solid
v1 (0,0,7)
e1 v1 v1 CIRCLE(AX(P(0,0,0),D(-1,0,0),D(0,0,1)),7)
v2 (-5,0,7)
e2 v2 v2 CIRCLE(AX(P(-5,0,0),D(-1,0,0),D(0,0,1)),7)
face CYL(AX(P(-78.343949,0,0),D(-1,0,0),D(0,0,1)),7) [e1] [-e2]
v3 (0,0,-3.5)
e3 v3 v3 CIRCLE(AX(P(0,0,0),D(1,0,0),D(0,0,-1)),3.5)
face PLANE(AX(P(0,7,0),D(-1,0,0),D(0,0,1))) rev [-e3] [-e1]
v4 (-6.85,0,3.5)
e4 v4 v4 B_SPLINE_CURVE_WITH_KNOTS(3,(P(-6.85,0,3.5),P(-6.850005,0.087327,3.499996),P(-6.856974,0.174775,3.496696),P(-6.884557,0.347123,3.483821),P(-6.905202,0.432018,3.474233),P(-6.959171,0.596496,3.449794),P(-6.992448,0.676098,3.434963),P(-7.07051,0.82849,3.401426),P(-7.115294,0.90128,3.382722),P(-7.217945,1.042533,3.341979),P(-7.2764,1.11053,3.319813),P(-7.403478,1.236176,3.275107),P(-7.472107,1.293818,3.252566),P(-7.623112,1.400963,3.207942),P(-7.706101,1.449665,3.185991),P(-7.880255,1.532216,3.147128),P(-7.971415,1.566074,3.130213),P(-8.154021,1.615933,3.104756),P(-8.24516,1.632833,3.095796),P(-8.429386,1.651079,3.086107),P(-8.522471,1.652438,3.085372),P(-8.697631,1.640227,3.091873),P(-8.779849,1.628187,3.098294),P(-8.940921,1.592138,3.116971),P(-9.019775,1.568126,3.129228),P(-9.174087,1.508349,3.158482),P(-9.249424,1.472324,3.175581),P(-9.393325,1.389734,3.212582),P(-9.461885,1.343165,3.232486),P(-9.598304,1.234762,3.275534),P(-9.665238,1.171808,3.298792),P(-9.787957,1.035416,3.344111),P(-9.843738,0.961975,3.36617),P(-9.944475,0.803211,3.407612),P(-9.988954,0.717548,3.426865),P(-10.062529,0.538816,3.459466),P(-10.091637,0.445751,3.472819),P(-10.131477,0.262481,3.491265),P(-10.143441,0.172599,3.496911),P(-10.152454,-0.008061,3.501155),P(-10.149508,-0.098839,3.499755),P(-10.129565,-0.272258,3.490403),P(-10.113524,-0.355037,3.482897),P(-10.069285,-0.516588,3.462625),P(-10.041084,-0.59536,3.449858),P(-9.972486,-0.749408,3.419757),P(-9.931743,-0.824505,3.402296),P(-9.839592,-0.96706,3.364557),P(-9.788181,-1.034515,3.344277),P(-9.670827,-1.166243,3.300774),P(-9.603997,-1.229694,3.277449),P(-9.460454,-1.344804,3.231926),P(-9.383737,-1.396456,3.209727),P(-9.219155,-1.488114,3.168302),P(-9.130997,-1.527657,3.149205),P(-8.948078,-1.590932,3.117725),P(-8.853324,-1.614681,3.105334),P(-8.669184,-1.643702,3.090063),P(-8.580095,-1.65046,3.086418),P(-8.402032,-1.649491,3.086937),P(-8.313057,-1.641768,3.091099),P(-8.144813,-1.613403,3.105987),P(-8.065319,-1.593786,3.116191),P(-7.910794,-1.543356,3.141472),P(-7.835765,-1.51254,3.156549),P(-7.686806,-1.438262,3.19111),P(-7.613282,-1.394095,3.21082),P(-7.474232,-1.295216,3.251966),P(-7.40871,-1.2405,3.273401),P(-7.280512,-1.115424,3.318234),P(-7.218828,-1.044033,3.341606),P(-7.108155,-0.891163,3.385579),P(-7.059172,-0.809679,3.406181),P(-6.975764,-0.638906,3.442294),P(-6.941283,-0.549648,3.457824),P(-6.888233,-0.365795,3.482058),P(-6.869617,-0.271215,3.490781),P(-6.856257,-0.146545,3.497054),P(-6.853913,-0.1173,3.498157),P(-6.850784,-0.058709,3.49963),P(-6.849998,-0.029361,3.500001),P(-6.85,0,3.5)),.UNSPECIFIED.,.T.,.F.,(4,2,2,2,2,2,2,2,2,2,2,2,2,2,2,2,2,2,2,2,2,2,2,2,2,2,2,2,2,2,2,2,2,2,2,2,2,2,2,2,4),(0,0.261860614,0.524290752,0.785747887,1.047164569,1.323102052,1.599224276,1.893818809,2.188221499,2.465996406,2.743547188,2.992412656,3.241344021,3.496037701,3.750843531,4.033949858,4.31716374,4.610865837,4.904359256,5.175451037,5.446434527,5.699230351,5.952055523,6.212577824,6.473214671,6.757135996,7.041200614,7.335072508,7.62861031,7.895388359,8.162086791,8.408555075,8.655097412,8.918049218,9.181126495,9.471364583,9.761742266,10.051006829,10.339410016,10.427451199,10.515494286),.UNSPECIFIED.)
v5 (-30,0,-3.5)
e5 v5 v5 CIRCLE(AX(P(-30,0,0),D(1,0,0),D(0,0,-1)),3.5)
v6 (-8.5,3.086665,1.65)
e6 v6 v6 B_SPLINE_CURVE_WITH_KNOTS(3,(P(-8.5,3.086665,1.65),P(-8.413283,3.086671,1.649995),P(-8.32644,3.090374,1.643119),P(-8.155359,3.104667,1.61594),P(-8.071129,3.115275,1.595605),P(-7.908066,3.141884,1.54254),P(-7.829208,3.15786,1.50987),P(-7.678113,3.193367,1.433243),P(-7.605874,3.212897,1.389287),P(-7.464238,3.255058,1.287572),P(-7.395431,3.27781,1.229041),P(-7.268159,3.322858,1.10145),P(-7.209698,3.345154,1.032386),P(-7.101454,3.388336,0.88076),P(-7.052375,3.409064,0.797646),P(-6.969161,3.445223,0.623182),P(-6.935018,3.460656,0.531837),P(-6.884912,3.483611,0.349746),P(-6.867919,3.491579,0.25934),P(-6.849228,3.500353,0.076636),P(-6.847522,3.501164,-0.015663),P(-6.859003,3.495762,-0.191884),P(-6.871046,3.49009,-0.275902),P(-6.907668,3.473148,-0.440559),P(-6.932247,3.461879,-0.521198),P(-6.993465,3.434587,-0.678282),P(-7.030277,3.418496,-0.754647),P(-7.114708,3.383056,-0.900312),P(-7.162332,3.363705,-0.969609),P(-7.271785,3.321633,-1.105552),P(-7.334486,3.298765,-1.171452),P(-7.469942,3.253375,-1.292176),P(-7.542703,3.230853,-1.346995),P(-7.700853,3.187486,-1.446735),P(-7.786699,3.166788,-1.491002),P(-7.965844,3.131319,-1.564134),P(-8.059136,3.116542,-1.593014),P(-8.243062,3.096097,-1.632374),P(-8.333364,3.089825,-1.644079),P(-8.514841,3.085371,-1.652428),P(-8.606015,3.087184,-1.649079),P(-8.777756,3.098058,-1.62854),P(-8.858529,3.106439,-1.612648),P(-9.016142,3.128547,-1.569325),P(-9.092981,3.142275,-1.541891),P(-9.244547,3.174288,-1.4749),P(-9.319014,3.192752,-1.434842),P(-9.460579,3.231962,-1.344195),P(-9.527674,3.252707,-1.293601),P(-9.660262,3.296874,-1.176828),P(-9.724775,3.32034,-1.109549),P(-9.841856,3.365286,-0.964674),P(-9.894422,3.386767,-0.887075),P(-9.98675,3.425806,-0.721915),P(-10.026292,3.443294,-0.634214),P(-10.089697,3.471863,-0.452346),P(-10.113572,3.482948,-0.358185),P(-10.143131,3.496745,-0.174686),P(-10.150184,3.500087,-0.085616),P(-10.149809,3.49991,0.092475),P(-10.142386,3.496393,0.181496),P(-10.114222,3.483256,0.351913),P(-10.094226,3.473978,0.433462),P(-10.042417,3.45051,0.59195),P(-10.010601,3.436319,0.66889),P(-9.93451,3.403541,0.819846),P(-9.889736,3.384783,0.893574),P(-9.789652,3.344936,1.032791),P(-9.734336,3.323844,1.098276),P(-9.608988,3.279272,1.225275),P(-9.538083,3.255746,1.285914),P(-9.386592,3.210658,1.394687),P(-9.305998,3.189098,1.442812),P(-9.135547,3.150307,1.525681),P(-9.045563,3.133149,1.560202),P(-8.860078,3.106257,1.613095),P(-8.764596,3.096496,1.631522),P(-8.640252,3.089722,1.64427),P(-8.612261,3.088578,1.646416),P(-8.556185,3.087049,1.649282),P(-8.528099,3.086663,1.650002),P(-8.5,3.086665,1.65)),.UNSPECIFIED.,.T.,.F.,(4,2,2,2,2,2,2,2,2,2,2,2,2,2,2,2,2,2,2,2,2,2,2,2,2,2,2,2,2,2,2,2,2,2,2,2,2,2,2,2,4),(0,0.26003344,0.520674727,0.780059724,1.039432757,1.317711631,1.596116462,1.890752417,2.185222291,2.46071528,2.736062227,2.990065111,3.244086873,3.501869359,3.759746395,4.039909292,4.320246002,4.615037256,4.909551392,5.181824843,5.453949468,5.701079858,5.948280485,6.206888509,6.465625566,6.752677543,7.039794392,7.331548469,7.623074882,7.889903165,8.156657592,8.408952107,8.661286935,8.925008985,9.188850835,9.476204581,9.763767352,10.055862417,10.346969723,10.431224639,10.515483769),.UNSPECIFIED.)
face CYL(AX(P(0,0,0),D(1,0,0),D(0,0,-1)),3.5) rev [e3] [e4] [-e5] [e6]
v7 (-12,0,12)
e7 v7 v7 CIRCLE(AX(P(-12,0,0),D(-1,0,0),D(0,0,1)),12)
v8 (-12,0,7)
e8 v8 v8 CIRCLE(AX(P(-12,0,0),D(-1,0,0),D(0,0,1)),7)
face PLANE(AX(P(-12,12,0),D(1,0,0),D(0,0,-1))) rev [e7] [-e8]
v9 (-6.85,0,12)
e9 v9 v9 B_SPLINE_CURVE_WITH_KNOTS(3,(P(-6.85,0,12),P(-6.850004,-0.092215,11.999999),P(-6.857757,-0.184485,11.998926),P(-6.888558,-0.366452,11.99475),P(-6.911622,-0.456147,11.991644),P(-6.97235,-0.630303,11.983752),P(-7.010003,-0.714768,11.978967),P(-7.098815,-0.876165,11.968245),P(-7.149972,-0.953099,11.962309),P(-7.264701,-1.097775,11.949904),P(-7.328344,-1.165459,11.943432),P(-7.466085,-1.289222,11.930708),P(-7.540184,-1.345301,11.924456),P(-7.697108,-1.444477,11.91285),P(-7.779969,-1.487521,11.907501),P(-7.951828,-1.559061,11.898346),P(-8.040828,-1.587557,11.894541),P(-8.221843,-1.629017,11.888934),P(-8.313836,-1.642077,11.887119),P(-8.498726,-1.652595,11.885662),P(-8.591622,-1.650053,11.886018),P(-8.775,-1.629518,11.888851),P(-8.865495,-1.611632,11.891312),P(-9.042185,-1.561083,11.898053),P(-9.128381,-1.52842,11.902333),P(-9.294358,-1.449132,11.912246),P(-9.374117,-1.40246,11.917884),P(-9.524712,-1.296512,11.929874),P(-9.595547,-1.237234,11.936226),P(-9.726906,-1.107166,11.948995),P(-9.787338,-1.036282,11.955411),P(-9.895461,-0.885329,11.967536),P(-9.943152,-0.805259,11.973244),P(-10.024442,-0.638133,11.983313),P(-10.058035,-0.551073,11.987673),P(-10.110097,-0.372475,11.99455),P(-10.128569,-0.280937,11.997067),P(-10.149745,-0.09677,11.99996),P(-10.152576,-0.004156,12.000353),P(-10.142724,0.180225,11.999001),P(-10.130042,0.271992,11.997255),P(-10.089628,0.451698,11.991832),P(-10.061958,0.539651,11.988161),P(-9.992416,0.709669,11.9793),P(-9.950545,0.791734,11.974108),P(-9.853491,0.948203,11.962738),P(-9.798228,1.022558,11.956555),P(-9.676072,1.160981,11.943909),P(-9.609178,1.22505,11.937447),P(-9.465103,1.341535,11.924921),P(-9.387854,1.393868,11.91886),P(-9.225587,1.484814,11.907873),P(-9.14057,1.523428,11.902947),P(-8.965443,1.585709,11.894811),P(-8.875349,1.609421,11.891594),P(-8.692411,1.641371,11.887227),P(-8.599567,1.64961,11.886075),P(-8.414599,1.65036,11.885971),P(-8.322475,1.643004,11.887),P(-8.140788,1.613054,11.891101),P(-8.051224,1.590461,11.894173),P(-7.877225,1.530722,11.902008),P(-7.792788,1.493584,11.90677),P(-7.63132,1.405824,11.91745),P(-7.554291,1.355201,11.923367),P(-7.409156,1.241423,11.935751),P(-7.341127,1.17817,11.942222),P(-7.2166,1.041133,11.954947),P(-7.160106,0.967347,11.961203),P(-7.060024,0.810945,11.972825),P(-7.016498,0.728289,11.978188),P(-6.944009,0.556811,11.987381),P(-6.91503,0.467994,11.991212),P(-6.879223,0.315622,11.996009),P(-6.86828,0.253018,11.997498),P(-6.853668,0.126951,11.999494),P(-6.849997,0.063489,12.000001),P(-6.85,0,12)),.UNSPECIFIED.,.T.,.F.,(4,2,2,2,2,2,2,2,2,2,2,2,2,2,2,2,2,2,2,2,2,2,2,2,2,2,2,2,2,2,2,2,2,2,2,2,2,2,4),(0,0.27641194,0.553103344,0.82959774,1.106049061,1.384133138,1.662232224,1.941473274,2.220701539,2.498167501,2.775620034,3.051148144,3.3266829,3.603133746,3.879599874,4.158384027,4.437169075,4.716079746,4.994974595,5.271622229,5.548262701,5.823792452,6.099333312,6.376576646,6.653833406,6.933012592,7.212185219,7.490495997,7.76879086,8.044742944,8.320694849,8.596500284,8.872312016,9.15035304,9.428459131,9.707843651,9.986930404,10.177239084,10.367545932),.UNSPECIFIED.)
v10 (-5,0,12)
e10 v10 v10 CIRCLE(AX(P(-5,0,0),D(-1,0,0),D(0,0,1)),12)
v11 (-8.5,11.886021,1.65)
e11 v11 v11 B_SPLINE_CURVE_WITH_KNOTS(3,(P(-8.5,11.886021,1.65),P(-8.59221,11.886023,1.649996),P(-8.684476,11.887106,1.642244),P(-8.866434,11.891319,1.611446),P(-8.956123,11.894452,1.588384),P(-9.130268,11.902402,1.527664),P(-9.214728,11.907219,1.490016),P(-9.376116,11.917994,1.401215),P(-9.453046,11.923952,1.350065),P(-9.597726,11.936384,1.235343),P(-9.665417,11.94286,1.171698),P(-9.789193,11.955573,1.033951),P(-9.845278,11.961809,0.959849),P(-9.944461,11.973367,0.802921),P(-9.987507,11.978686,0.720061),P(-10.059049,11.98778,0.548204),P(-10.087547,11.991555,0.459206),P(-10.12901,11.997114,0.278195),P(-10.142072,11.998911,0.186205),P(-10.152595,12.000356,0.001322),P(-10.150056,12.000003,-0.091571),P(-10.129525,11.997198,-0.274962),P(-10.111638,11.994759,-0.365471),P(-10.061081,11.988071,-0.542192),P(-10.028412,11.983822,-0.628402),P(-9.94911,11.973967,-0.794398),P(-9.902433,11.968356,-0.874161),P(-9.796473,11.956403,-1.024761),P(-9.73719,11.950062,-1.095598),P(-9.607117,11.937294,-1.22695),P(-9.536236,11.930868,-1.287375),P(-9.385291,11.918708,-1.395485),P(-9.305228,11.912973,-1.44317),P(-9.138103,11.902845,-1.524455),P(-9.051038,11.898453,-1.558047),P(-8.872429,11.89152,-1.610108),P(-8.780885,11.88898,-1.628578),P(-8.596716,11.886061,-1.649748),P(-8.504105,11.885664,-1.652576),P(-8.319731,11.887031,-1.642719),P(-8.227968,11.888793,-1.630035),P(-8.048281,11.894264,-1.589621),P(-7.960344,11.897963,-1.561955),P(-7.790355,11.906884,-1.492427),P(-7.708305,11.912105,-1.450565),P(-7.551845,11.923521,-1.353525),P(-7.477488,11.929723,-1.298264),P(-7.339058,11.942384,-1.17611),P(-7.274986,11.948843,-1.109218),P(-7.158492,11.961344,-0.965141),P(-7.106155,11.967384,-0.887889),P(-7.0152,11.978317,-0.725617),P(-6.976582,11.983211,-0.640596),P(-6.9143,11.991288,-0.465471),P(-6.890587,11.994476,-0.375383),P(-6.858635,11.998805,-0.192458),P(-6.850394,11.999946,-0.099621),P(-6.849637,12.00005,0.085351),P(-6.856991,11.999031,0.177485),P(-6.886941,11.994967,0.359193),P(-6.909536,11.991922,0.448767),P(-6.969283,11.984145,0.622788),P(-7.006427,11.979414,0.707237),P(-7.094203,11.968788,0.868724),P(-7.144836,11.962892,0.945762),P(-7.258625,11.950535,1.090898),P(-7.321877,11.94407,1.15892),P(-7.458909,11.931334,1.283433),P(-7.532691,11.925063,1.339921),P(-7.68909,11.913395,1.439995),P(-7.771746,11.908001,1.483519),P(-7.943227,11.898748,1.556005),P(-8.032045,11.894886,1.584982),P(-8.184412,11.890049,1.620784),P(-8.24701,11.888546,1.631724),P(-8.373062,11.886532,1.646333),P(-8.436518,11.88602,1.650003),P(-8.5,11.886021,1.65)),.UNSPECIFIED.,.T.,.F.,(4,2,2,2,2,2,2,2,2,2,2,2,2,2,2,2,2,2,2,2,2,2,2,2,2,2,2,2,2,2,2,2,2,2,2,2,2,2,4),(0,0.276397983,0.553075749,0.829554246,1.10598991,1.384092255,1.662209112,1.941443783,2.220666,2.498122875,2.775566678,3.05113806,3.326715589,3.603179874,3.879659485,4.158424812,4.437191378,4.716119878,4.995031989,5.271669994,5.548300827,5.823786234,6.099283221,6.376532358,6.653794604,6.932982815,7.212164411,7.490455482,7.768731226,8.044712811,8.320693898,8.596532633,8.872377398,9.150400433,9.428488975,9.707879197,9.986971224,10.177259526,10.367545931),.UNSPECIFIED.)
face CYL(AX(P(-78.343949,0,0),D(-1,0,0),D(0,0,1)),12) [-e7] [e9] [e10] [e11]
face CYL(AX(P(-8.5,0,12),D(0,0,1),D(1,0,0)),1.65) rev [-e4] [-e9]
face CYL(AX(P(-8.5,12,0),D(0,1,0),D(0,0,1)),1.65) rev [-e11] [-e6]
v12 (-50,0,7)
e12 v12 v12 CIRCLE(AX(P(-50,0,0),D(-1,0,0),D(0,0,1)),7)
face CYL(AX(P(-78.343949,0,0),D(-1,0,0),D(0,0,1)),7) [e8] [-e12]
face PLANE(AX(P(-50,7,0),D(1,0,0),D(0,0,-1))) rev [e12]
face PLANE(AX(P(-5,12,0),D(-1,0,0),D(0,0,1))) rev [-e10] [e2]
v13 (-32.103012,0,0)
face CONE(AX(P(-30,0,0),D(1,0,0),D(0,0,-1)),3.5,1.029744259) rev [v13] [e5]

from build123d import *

# Parameters (mm, degrees)
TROU_TARAUD_M8X1_01_D     = 7
TROU_TARAUD_M8X1_01_DEPTH = 30
TROU_TARAUD_M8X1_01_TIP   = 2.103012167
TROU_TARAUD_M41_REACH     = 58.745
TROU_TARAUD_M41_BORE_R    = 1.65
TROU_TARAUD_M42_REACH     = 58.745
TROU_TARAUD_M42_BORE_R    = 1.65


with BuildPart() as part:
    # Sketch1 → Revolve1 (revolve)
    with BuildSketch(Plane.XY, mode=Mode.PRIVATE) as revolve1_sk:
        Polygon((-5, 12), (-5, 7), (0, 7), (0, 0), (-50, 0), (-50, 7), (-12, 7), (-12, 12), align=None)
    revolve(revolve1_sk.sketch.rotate(Axis((-78.343949045, 0, 0), (1, 0, 0)), 90), axis=Axis((-78.343949045, 0, 0), (1, 0, 0)))

    # Trou taraudé M8x1.01
    with Locations(Plane(origin=(0, 0, 0), x_dir=(0, 0, -1), z_dir=(1, 0, 0))):
        with Locations((0, 0)):
            Hole(TROU_TARAUD_M8X1_01_D / 2, depth=TROU_TARAUD_M8X1_01_DEPTH)
            with Locations((0, 0, -(TROU_TARAUD_M8X1_01_DEPTH + TROU_TARAUD_M8X1_01_TIP / 2))):  # 118° drill point
                Cone(0, TROU_TARAUD_M8X1_01_D / 2, TROU_TARAUD_M8X1_01_TIP, mode=Mode.SUBTRACT)

    # Trou taraudé M41 bore → Trou taraudé M41 (cut, up to next)
    with BuildSketch(Plane.XY.offset(12), mode=Mode.PRIVATE) as trou_taraud_m41_sk1:
        with Locations((-8.5, 0)):
            Circle(TROU_TARAUD_M41_BORE_R)
    trou_taraud_m41_tool1 = extrude(trou_taraud_m41_sk1.sketch, amount=-TROU_TARAUD_M41_REACH, mode=Mode.PRIVATE) & part.part
    add(trou_taraud_m41_tool1.solids().sort_by_distance((-8.5, 0, 12))[0], mode=Mode.SUBTRACT)

    # Trou taraudé M42 bore → Trou taraudé M42 (cut, up to next)
    with BuildSketch(Plane(origin=(0, 12, 0), x_dir=(1, 0, 0), z_dir=(0, 1, 0)), mode=Mode.PRIVATE) as trou_taraud_m42_sk1:
        with Locations((-8.5, 0)):
            Circle(TROU_TARAUD_M42_BORE_R)
    trou_taraud_m42_tool1 = extrude(trou_taraud_m42_sk1.sketch, amount=-TROU_TARAUD_M42_REACH, mode=Mode.PRIVATE) & part.part
    add(trou_taraud_m42_tool1.solids().sort_by_distance((-8.5, 12, 0))[0], mode=Mode.SUBTRACT)


solid = part.part
